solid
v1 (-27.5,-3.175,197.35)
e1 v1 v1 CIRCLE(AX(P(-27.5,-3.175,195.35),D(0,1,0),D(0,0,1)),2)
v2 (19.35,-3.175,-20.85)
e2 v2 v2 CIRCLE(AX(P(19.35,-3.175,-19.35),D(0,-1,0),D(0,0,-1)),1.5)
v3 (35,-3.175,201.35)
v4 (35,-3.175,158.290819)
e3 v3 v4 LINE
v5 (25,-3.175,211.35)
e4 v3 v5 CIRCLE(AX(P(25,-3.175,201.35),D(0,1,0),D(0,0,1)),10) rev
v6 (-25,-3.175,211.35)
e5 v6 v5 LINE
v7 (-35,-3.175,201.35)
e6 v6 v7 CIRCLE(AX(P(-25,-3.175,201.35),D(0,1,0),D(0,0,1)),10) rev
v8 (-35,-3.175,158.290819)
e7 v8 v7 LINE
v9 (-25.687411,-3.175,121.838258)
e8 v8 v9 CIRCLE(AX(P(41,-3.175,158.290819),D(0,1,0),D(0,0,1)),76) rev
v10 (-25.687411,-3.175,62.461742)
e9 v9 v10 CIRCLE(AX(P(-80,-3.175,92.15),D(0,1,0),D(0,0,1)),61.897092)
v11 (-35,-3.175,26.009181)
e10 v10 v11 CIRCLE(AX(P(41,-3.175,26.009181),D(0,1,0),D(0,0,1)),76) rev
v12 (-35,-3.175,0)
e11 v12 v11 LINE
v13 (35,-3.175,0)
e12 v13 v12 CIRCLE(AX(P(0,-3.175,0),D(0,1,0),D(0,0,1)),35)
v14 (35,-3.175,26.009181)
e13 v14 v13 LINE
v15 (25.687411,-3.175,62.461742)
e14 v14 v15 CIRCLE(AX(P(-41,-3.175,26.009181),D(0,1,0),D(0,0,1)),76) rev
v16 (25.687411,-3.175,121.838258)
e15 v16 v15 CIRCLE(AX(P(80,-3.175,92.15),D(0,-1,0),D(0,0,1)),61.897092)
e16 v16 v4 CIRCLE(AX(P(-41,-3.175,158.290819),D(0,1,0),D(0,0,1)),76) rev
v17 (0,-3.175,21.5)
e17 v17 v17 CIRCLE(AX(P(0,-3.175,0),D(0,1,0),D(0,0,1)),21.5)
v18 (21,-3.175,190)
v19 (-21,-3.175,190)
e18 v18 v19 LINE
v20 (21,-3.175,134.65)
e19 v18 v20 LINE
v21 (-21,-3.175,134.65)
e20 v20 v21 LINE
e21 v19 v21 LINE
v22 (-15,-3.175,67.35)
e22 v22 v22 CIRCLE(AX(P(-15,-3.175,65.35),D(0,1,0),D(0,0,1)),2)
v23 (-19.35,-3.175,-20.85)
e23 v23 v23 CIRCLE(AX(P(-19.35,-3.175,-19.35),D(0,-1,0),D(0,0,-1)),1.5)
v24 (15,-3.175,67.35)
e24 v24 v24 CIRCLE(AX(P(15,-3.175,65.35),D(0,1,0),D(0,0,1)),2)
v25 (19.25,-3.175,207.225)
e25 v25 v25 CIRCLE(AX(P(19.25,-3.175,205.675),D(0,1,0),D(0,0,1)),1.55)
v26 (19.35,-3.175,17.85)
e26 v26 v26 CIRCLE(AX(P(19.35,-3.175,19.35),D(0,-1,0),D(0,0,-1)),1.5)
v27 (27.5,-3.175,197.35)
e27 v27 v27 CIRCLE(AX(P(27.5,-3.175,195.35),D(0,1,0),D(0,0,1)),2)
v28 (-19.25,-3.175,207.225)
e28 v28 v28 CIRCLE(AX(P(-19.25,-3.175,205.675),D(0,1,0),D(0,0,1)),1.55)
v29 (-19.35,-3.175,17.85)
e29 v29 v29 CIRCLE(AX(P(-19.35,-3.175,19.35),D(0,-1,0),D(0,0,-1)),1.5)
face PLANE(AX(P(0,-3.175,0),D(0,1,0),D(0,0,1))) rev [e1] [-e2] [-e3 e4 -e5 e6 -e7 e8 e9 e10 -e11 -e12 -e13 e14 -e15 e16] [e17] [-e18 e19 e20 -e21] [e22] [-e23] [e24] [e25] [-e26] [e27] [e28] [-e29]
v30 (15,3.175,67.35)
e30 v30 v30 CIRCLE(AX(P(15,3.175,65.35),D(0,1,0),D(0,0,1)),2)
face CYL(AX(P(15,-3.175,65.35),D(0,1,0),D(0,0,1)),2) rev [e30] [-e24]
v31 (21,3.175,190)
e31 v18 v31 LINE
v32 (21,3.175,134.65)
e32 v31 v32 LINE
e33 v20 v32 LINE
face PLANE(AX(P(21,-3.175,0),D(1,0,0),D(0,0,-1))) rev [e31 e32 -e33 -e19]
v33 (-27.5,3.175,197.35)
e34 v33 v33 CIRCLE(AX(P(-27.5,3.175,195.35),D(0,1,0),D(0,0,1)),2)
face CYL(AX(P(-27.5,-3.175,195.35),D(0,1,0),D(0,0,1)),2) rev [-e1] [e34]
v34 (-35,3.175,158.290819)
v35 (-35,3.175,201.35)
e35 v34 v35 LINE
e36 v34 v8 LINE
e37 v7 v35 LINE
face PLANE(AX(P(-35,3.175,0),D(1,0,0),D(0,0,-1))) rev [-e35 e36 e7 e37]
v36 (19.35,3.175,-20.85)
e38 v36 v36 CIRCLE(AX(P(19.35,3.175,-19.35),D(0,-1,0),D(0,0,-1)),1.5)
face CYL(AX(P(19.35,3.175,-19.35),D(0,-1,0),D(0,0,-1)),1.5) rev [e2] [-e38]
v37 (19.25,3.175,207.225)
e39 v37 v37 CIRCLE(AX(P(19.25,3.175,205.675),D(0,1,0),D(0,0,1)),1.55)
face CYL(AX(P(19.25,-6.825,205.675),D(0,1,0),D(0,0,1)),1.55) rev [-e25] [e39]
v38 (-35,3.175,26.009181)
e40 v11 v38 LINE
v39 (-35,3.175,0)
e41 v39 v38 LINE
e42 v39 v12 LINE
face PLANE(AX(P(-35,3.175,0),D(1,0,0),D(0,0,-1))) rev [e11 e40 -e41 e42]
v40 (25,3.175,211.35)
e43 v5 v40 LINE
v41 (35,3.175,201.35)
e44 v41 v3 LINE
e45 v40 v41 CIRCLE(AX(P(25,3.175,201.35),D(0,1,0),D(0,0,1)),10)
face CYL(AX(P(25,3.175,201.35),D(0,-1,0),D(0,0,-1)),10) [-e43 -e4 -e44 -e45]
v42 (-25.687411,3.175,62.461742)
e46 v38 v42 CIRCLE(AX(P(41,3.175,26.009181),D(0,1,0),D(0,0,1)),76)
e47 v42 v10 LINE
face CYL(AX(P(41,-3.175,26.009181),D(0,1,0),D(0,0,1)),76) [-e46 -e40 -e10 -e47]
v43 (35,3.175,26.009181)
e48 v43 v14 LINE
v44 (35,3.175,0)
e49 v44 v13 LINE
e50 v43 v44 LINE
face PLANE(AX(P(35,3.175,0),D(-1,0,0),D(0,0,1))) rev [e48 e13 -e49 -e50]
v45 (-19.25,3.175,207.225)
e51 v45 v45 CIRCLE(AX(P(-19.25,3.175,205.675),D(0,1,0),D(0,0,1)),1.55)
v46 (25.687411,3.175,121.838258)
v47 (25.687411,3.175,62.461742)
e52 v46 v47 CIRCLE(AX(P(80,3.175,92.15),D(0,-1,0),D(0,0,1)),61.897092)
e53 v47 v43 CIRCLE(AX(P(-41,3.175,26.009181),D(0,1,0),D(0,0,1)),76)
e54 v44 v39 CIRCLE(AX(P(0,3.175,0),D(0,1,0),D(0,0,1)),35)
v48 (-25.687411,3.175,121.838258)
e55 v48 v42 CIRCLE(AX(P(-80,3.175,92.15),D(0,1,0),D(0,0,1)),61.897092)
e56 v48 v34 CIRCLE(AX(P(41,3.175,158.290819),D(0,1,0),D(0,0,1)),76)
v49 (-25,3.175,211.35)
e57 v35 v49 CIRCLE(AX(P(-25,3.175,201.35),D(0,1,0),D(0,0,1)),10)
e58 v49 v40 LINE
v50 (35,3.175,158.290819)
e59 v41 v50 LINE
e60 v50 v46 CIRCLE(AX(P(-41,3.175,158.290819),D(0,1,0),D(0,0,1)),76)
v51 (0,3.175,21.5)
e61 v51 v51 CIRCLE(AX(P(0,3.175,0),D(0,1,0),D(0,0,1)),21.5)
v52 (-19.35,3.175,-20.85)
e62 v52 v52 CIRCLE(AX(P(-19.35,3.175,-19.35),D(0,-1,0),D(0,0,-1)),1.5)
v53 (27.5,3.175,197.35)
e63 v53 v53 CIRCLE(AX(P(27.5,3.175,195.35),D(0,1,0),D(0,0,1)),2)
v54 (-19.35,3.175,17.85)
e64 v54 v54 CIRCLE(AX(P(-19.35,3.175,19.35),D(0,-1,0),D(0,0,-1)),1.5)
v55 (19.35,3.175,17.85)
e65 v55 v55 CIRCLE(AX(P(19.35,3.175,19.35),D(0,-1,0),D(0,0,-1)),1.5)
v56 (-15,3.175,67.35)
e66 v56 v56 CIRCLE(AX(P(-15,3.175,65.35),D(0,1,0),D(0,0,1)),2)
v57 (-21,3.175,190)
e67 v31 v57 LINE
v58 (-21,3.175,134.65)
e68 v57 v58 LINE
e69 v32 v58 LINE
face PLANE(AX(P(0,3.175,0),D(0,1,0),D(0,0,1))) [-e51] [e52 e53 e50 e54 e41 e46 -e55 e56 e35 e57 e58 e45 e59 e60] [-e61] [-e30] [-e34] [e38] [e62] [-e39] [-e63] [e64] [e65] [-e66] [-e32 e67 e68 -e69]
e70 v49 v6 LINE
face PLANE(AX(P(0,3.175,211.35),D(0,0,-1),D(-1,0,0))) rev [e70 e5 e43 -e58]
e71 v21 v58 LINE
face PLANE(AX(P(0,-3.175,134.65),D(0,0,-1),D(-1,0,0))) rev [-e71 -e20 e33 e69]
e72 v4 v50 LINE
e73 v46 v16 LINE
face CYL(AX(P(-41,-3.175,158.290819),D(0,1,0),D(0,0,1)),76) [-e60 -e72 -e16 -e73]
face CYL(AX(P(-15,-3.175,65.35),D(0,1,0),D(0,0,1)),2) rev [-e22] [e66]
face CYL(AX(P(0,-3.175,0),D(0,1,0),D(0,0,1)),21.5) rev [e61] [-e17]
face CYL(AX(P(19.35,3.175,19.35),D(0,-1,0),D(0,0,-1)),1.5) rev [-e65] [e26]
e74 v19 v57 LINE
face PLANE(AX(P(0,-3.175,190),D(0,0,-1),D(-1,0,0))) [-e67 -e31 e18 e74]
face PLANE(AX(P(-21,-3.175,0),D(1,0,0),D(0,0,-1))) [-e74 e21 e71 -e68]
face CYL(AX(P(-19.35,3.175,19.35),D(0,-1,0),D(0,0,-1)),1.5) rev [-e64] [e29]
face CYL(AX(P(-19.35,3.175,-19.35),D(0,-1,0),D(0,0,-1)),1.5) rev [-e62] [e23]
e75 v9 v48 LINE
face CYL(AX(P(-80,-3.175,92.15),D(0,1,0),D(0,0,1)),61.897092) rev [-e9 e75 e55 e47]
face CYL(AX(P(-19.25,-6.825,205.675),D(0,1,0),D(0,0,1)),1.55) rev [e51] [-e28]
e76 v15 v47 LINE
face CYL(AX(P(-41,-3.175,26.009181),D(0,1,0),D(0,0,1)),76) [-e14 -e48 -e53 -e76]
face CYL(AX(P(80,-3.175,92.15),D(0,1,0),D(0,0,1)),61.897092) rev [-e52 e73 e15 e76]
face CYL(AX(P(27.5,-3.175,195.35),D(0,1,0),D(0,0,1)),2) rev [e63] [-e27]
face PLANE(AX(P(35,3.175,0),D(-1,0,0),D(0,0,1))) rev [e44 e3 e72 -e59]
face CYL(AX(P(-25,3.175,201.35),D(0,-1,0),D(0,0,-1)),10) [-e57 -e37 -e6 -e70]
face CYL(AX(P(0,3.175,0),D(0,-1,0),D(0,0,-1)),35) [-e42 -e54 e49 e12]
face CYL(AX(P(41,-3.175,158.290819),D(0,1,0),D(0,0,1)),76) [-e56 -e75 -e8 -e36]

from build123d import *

# Parameters (mm, degrees)
BOSS_EXTRUDE1_DEPTH = 3.175
SKETCH2_R           = 21.5
CUT_EXTRUDE1_DEPTH  = 215.322525648
SKETCH3_W           = 42
SKETCH3_H           = 55.35
CUT_EXTRUDE2_DEPTH  = 215.322525648
SKETCH4_R           = 1.5
CUT_EXTRUDE3_DEPTH  = 215.322525648
FILLET1_R           = 10
SKETCH5_R           = 2
CUT_EXTRUDE4_DEPTH  = 215.322525648
CUT_EXTRUDE5_DEPTH  = 215.322525648
FILLET2_R           = 76
SKETCH7_R           = 1.55
CUT_EXTRUDE6_DEPTH  = 10


with BuildPart() as part:
    # Sketch1 → Boss-Extrude1 (new, symmetric)
    with BuildSketch(Plane(origin=(0, 0, 0), x_dir=(1, 0, 0), z_dir=(0, 1, 0))):
        with BuildLine():
            Line((35, -211.35), (35, 0))
            ThreePointArc((35, 0), (0, 35), (-35, 0))
            Line((-35, 0), (-35, -211.35))
            Line((-35, -211.35), (35, -211.35))
        make_face()
    extrude(amount=BOSS_EXTRUDE1_DEPTH, both=True)

    # Sketch2 → Cut-Extrude1 (cut, through all)
    with BuildSketch(Plane(origin=(0, 3.175, 0), x_dir=(1, 0, 0), z_dir=(0, 1, 0))):
        with Locations(Location((0, 0, 0), (0, 0, 270))):
            Circle(SKETCH2_R)
    extrude(amount=-CUT_EXTRUDE1_DEPTH, mode=Mode.SUBTRACT)

    # Sketch3 → Cut-Extrude2 (cut, through all)
    with BuildSketch(Plane(origin=(0, 3.175, 0), x_dir=(1, 0, 0), z_dir=(0, 1, 0))):
        with Locations((0, -162.325)):
            Rectangle(SKETCH3_W, SKETCH3_H)
    extrude(amount=-CUT_EXTRUDE2_DEPTH, mode=Mode.SUBTRACT)

    # Sketch4 → Cut-Extrude3 (cut, through all)
    with BuildSketch(Plane.XZ.offset(3.175)):
        with Locations(Location((-19.35, 19.35, 0), (0, 0, 270))):
            Circle(SKETCH4_R)
        with Locations(Location((19.35, 19.35, 0), (0, 0, 270))):
            Circle(SKETCH4_R)
        with Locations(Location((19.35, -19.35, 0), (0, 0, 270))):
            Circle(SKETCH4_R)
        with Locations(Location((-19.35, -19.35, 0), (0, 0, 270))):
            Circle(SKETCH4_R)
    extrude(amount=-CUT_EXTRUDE3_DEPTH, mode=Mode.SUBTRACT)

    # Fillet1
    fillet1_edges = [part.edges().sort_by_distance(p)[0] for p in [
        (35, 0, 211.35),
        (-35, 0, 211.35),
    ]]
    fillet(fillet1_edges, radius=FILLET1_R)

    # Sketch5 → Cut-Extrude4 (cut, through all)
    with BuildSketch(Plane(origin=(0, 3.175, 0), x_dir=(1, 0, 0), z_dir=(0, 1, 0))):
        with Locations(Location((15, -65.35, 0), (0, 0, 270))):
            Circle(SKETCH5_R)
        with Locations(Location((-15, -65.35, 0), (0, 0, 270))):
            Circle(SKETCH5_R)
        with Locations(Location((27.5, -195.35, 0), (0, 0, 270))):
            Circle(SKETCH5_R)
        with Locations(Location((-27.5, -195.35, 0), (0, 0, 270))):
            Circle(SKETCH5_R)
    extrude(amount=-CUT_EXTRUDE4_DEPTH, mode=Mode.SUBTRACT)

    # Sketch6 → Cut-Extrude5 (cut, through all)
    with BuildSketch(Plane(origin=(0, 3.175, 0), x_dir=(1, 0, 0), z_dir=(0, 1, 0))):
        with BuildLine():
            Line((-35, -134.65), (-35, -49.65))
            ThreePointArc((-35, -49.65), (-18.102907984, -92.15), (-35, -134.65))
        make_face()
    cut_extrude5 = extrude(amount=-CUT_EXTRUDE5_DEPTH, mode=Mode.SUBTRACT)

    # Mirror1: Cut-Extrude5 across plane
    add(cut_extrude5.mirror(Plane(origin=(0, 0, 0), x_dir=(0, 0, 1), z_dir=(1, 0, 0))), mode=Mode.SUBTRACT)

    # Fillet2
    fillet2_edges = [part.edges().sort_by_distance(p)[0] for p in [
        (35, 0, 134.65),
        (35, 0, 49.65),
        (-35, 0, 49.65),
        (-35, 0, 134.65),
    ]]
    fillet(fillet2_edges, radius=FILLET2_R)

    # Sketch7 → Cut-Extrude6 (cut)
    with BuildSketch(Plane(origin=(0, 3.175, 0), x_dir=(1, 0, 0), z_dir=(0, 1, 0))):
        with Locations(Location((-19.25, -205.675, 0), (0, 0, 270))):
            Circle(SKETCH7_R)
        with Locations(Location((19.25, -205.675, 0), (0, 0, 270))):
            Circle(SKETCH7_R)
    extrude(amount=-CUT_EXTRUDE6_DEPTH, mode=Mode.SUBTRACT)


solid = part.part
